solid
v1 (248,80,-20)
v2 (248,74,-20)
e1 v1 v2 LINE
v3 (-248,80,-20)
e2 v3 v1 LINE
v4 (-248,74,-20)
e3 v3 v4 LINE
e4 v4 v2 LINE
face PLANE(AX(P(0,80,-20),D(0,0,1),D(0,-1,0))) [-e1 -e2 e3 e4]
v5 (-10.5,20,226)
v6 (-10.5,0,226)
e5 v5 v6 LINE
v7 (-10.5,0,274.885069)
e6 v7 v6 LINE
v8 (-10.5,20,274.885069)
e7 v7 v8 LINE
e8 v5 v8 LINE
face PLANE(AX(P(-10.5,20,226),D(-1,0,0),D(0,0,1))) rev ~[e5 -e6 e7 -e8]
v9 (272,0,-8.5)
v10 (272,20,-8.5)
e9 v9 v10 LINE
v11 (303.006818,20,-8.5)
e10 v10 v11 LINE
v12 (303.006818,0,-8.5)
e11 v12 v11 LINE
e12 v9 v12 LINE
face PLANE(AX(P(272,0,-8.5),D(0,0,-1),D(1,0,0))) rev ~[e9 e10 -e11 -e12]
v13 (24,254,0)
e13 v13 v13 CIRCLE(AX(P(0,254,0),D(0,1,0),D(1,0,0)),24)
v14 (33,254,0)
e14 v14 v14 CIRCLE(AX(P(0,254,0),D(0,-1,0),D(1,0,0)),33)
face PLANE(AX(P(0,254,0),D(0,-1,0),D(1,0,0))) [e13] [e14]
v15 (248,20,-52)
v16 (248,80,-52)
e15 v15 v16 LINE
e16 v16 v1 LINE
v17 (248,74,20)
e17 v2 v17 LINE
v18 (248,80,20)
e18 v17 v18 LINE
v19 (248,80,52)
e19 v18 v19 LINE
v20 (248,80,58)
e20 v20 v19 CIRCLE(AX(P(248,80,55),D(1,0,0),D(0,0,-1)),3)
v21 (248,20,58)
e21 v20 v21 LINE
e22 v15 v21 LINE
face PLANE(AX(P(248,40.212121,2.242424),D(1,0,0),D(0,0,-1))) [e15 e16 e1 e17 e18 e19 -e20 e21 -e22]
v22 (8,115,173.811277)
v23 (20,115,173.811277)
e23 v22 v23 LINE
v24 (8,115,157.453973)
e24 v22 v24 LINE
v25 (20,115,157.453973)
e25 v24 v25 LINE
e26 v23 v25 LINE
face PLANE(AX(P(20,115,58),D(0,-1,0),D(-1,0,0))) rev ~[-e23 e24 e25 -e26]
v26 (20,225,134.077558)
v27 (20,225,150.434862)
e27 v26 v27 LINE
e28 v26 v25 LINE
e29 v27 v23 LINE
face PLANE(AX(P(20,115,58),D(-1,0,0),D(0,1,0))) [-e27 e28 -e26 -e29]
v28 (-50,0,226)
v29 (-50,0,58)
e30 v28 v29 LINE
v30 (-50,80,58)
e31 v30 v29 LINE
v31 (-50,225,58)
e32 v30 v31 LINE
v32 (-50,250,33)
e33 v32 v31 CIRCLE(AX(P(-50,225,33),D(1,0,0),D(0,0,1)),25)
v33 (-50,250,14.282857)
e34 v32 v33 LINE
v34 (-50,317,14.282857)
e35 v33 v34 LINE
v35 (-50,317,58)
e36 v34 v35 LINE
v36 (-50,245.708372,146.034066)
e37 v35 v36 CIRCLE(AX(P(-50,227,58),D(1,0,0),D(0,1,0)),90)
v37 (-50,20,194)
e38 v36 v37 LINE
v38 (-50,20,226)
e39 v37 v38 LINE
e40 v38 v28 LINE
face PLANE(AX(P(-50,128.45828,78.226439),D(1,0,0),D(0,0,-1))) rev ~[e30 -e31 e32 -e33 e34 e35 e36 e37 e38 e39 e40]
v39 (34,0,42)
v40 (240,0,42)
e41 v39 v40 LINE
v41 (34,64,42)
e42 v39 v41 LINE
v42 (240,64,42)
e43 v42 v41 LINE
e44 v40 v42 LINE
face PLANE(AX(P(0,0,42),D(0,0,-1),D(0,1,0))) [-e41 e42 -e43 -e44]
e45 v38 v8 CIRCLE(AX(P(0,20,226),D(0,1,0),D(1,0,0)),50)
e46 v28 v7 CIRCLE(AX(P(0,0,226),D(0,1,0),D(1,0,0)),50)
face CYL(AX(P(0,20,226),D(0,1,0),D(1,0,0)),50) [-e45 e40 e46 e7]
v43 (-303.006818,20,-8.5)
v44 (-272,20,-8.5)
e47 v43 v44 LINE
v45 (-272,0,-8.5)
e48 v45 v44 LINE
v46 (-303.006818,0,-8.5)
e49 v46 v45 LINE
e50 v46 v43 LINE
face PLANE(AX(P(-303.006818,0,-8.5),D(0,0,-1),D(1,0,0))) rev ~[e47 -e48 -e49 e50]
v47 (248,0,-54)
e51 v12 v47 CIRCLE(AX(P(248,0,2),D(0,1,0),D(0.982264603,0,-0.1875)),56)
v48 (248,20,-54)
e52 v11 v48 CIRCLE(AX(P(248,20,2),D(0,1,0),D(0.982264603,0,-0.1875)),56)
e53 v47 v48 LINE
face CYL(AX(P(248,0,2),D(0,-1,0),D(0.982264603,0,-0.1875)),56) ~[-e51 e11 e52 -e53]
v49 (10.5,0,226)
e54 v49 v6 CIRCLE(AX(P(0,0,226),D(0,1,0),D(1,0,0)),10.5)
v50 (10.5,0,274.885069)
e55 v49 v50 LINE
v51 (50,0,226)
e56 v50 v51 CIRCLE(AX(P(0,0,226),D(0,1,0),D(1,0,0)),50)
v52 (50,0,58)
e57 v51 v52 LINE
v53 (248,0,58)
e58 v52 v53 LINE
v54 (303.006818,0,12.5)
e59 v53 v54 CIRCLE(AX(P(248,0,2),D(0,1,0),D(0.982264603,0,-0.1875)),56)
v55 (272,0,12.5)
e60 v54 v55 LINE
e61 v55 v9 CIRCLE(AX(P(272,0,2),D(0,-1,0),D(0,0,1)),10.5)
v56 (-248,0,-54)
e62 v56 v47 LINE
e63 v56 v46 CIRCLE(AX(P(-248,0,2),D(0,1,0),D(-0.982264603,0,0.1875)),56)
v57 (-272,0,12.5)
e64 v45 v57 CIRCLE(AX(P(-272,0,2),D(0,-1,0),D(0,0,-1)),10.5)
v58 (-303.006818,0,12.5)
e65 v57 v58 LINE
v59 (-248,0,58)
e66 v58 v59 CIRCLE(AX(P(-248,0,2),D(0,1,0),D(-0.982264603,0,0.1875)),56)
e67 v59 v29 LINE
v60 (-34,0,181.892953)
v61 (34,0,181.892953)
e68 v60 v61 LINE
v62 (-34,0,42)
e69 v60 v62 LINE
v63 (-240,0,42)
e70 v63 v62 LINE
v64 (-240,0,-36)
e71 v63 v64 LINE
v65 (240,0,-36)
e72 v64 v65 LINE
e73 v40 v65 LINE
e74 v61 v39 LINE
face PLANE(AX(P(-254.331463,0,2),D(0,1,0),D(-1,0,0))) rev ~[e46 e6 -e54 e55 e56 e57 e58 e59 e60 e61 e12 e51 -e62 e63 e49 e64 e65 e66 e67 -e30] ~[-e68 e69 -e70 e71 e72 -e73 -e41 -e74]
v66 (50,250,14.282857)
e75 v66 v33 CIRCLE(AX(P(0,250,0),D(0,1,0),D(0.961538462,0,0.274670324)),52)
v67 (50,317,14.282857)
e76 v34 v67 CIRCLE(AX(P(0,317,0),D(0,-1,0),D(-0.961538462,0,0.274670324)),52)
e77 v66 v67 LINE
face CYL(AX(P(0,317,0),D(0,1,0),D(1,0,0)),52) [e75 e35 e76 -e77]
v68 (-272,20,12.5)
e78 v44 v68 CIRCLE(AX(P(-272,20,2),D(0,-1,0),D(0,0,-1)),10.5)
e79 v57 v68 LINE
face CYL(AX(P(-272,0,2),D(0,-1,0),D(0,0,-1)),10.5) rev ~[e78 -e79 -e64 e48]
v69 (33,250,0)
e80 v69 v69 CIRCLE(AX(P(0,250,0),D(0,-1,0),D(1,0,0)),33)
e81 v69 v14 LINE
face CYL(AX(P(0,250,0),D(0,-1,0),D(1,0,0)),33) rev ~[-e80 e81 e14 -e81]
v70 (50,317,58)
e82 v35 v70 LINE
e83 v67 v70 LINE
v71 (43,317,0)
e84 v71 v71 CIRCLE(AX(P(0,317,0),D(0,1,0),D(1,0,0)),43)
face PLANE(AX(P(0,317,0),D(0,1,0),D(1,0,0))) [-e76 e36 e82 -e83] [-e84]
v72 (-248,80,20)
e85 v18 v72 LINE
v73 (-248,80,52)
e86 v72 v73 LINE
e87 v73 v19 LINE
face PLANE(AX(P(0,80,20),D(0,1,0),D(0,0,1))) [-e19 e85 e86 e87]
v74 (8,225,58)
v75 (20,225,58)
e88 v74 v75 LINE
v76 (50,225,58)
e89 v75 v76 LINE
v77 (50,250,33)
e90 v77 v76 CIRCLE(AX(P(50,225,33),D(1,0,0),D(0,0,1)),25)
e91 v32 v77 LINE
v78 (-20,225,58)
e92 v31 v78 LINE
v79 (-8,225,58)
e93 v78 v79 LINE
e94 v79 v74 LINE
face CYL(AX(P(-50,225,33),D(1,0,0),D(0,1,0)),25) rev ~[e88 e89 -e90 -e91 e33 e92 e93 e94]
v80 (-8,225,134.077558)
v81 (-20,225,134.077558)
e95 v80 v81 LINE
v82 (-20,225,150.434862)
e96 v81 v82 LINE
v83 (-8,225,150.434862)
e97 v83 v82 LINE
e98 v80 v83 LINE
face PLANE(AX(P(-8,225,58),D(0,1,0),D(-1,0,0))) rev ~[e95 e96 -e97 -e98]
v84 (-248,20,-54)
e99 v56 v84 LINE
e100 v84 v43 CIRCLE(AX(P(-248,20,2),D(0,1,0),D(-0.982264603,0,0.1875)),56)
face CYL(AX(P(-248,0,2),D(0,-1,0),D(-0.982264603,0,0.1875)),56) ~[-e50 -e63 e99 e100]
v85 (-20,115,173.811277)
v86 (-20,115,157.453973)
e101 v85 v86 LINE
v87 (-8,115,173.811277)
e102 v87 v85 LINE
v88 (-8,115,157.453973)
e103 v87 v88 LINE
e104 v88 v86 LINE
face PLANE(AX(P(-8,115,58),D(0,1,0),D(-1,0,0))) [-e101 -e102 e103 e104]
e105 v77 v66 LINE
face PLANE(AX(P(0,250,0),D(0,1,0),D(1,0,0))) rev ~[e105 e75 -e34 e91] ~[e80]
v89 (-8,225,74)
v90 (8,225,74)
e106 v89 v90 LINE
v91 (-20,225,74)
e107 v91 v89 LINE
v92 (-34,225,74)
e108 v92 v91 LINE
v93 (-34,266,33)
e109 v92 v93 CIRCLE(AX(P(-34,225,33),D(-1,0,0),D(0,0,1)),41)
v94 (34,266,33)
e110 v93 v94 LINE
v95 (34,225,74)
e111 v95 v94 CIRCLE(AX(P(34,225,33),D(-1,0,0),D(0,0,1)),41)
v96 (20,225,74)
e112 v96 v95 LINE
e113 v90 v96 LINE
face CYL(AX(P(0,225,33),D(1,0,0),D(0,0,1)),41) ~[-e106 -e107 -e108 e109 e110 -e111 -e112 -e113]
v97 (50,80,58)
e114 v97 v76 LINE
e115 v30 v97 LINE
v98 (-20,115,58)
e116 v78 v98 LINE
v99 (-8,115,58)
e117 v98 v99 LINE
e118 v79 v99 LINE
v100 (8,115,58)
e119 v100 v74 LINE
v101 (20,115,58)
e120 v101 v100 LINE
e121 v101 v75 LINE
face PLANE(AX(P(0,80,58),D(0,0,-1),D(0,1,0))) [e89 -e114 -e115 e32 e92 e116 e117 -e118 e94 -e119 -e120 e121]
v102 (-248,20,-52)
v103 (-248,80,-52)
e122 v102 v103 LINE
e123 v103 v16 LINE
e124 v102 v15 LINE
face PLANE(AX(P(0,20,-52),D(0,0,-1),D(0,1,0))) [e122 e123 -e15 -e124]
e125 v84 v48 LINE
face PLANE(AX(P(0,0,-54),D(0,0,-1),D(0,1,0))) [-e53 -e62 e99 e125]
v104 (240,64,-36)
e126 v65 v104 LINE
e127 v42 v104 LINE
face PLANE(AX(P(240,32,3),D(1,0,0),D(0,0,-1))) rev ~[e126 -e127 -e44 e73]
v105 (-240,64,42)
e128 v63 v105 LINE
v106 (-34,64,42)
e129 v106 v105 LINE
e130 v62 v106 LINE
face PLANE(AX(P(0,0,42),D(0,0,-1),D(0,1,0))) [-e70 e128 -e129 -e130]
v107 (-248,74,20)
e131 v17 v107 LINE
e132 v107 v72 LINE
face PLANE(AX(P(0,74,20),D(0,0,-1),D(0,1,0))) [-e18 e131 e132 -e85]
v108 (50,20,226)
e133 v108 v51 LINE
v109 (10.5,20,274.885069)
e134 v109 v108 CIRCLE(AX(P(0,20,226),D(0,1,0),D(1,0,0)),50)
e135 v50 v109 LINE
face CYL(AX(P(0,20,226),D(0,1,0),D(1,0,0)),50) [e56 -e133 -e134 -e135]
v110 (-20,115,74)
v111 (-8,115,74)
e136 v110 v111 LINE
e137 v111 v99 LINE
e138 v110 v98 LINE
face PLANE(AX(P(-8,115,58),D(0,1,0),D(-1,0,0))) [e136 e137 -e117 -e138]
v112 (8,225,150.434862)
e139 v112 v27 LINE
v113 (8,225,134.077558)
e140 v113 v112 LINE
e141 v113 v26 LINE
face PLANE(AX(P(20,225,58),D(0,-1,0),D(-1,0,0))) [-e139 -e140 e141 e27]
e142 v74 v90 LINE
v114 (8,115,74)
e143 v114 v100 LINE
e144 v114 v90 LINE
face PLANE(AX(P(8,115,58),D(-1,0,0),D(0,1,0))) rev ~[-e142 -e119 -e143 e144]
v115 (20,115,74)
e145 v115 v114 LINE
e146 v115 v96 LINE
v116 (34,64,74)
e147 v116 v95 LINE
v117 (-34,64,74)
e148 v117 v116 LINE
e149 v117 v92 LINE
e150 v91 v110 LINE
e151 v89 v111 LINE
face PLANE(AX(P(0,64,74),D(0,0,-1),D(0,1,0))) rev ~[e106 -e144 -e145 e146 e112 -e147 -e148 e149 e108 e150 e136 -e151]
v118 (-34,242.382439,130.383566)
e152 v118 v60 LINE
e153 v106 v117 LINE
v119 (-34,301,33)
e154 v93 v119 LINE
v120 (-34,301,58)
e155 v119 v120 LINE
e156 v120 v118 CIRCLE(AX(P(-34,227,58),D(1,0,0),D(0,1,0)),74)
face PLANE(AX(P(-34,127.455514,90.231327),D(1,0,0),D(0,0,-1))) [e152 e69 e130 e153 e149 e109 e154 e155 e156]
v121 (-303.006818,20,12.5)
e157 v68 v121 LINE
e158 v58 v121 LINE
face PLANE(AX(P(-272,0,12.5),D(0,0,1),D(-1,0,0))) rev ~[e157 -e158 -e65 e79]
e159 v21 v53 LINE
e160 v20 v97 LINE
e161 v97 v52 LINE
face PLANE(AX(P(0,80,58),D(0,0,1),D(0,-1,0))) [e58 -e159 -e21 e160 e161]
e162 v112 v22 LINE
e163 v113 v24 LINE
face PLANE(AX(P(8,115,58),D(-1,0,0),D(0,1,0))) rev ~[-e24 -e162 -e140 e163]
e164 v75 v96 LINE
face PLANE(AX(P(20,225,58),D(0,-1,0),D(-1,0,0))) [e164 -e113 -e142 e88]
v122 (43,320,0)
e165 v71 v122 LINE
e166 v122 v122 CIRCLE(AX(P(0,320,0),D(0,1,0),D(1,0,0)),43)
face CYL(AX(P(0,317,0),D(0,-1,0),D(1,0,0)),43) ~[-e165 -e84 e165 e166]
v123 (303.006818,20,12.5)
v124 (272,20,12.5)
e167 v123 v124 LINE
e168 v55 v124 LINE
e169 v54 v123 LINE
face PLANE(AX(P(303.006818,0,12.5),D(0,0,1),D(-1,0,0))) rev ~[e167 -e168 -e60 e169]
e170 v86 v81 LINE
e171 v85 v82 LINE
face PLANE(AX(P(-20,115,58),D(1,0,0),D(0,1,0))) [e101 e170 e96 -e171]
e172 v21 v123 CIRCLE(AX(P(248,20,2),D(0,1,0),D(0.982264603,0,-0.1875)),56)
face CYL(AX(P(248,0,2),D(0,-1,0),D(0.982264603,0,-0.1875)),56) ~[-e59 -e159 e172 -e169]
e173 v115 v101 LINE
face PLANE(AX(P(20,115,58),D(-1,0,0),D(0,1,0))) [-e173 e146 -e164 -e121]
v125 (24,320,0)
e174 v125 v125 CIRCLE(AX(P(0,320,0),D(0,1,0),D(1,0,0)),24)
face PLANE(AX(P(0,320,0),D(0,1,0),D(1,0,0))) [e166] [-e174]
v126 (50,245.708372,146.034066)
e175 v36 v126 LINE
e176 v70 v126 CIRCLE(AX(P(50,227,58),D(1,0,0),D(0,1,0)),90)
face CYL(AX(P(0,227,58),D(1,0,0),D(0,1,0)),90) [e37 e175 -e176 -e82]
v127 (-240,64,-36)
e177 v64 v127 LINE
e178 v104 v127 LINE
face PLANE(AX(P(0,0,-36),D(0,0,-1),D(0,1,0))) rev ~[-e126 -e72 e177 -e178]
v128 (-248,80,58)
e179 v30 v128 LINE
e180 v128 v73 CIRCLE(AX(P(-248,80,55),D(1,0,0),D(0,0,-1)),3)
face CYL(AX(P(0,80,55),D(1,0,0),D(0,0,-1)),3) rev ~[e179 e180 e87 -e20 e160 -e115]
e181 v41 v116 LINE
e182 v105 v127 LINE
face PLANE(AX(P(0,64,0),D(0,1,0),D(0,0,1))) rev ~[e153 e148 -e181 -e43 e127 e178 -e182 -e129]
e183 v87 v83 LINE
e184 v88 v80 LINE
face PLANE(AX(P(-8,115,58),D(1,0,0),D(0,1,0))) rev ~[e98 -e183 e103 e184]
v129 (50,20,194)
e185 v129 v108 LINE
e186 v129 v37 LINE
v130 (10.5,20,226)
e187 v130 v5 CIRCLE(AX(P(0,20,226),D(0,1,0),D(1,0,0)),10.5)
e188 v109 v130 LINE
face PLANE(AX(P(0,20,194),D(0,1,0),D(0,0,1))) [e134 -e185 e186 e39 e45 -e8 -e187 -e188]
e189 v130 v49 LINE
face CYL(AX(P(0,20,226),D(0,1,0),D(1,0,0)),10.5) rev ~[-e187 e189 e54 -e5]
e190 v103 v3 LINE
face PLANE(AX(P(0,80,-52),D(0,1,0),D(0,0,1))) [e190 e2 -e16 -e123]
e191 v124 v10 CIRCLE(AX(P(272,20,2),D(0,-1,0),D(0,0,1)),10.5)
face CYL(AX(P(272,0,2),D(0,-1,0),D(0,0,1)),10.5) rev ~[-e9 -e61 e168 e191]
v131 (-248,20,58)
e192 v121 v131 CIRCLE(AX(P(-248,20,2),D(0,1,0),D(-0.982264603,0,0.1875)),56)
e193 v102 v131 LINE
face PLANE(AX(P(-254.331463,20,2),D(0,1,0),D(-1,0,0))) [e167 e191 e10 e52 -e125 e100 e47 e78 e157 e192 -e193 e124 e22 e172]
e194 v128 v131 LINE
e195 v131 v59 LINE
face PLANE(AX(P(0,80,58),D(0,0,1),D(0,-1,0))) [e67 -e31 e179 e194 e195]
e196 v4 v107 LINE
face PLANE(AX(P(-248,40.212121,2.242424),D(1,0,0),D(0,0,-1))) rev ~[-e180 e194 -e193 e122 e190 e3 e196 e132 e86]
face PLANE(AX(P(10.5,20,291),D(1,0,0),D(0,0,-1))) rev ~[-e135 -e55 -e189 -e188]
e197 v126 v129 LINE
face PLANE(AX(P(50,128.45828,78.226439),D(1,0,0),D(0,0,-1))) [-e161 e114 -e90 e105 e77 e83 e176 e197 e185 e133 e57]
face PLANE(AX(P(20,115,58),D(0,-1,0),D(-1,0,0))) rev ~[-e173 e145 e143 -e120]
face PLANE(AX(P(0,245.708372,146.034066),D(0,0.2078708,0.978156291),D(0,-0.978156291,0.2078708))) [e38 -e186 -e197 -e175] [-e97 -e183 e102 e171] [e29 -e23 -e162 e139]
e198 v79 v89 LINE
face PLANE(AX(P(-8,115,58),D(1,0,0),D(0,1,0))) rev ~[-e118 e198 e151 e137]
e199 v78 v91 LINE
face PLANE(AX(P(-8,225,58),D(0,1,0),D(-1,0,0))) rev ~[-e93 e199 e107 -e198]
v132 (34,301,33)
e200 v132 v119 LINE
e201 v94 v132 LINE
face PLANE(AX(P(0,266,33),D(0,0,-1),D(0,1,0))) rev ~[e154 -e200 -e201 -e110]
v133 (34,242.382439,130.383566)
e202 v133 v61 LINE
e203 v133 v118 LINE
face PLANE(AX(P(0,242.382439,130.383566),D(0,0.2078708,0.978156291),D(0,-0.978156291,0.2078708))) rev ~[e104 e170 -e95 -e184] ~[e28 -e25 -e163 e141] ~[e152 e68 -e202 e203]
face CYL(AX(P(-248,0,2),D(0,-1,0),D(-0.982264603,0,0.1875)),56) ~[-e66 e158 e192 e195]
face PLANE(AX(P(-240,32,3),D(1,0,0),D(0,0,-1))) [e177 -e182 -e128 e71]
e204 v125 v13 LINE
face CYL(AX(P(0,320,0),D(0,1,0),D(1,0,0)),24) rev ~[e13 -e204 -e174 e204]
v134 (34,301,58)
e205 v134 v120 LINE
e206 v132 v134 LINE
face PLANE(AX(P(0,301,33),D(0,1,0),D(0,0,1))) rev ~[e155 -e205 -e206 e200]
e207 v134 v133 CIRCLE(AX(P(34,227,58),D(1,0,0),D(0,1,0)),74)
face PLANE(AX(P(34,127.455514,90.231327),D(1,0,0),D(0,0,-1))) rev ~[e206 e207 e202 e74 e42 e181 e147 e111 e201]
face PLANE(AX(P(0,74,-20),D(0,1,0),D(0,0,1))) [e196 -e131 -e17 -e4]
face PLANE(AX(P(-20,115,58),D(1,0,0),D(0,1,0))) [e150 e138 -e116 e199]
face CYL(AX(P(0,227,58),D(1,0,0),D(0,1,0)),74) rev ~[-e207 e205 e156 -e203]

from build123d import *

# Parameters (mm, degrees)
BOSS_EXTRUDE1_DEPTH = 50
SKETCH2_R           = 52
BOSS_EXTRUDE2_DEPTH = 67
SKETCH3_R           = 43
BOSS_EXTRUDE3_DEPTH = 3
CUT_EXTRUDE1_REACH  = 322
SKETCH4_R           = 24
SKETCH5_R           = 33
CUT_EXTRUDE2_DEPTH  = 4
BOSS_EXTRUDE4_DEPTH = 248
SKETCH7_R           = 3
CUT_EXTRUDE3_DEPTH  = 248
BOSS_EXTRUDE5_DEPTH = 20
SKETCH9_R           = 50
BOSS_EXTRUDE6_DEPTH = 20
CUT_EXTRUDE4_REACH  = 22
FILLET1_R           = 25
CUT_EXTRUDE5_DEPTH  = 34
SKETCH12_W          = 78
SKETCH12_H          = 64
CUT_EXTRUDE6_DEPTH  = 240
SKETCH13_W          = 12
SKETCH13_H          = 110
CUT_EXTRUDE7_DEPTH  = 240


with BuildPart() as part:
    # Sketch1 → Boss-Extrude1 (new body, symmetric)
    with BuildSketch(Plane(origin=(0, 0, 0), x_dir=(0, 0, -1), z_dir=(1, 0, 0))):
        with BuildLine():
            Line((-226, 0), (54, 0))
            Line((54, 0), (54, 20))
            Line((54, 20), (52, 20))
            Line((52, 20), (52, 80))
            Line((52, 80), (20, 80))
            Line((20, 80), (20, 74))
            Line((20, 74), (-20, 74))
            Line((-20, 74), (-20, 80))
            Line((-20, 80), (-58, 80))
            Line((-58, 80), (-58, 250))
            Line((-58, 250), (0, 250))
            Line((0, 250), (0, 317))
            Line((0, 317), (-58, 317))
            ThreePointArc((-58, 317), (-114.640297133, 296.941952651), (-146.034066228, 245.708372014))
            Line((-146.034066228, 245.708372014), (-194, 20))
            Line((-194, 20), (-226, 20))
            Line((-226, 20), (-226, 0))
        make_face()
    extrude(amount=BOSS_EXTRUDE1_DEPTH, both=True)

    # Sketch2 → Boss-Extrude2 (add)
    with BuildSketch(Plane(origin=(0, 317, 0), x_dir=(1, 0, 0), z_dir=(0, 1, 0))):
        Circle(SKETCH2_R)
    extrude(amount=-BOSS_EXTRUDE2_DEPTH)

    # Sketch3 → Boss-Extrude3 (add)
    with BuildSketch(Plane(origin=(0, 317, 0), x_dir=(1, 0, 0), z_dir=(0, 1, 0))):
        Circle(SKETCH3_R)
    extrude(amount=BOSS_EXTRUDE3_DEPTH)

    # Sketch4 → Cut-Extrude1 (cut, up to next)
    with BuildSketch(Plane(origin=(0, 320, 0), x_dir=(1, 0, 0), z_dir=(0, 1, 0)), mode=Mode.PRIVATE) as cut_extrude1_sk1:
        Circle(SKETCH4_R)
    cut_extrude1_tool1 = extrude(cut_extrude1_sk1.sketch, amount=-CUT_EXTRUDE1_REACH, mode=Mode.PRIVATE) & part.part
    add(cut_extrude1_tool1.solids().sort_by_distance((0, 320, 0))[0], mode=Mode.SUBTRACT)

    # Sketch5 → Cut-Extrude2 (cut)
    with BuildSketch(Plane.XZ.offset(-250)):
        Circle(SKETCH5_R)
    extrude(amount=-CUT_EXTRUDE2_DEPTH, mode=Mode.SUBTRACT)

    # Sketch6 → Boss-Extrude4 (add, symmetric)
    with BuildSketch(Plane(origin=(0, 0, 0), x_dir=(0, 0, -1), z_dir=(1, 0, 0))):
        Polygon((-58, 80), (-58, 0), (54, 0), (54, 20), (52, 20), (52, 80), (20, 80), (20, 74), (-20, 74), (-20, 80), align=None)
    extrude(amount=BOSS_EXTRUDE4_DEPTH, both=True)

    # Sketch7 → Cut-Extrude3 (cut, symmetric)
    with BuildSketch(Plane(origin=(0, 0, 0), x_dir=(0, 0, -1), z_dir=(1, 0, 0))):
        with Locations((-55, 80)):
            Circle(SKETCH7_R)
    extrude(amount=CUT_EXTRUDE3_DEPTH, both=True, mode=Mode.SUBTRACT)

    # Sketch8 → Boss-Extrude5 (add)
    with BuildSketch(Plane.XZ):
        with BuildLine():
            Line((-272, 12.5), (-303.006817759, 12.5))
            ThreePointArc((-303.006817759, 12.5), (-192, 2), (-303.006817759, -8.5))
            Line((-303.006817759, -8.5), (-272, -8.5))
            ThreePointArc((-272, -8.5), (-261.5, 2), (-272, 12.5))
        make_face()
        with BuildLine():
            Line((272, -8.5), (303.006817759, -8.5))
            ThreePointArc((303.006817759, -8.5), (192, 2), (303.006817759, 12.5))
            Line((303.006817759, 12.5), (272, 12.5))
            ThreePointArc((272, 12.5), (261.5, 2), (272, -8.5))
        make_face()
    extrude(amount=-BOSS_EXTRUDE5_DEPTH)

    # Sketch9 → Boss-Extrude6 (add)
    with BuildSketch(Plane(origin=(0, 20, 0), x_dir=(1, 0, 0), z_dir=(0, 1, 0))):
        with Locations((0, -226)):
            Circle(SKETCH9_R)
    extrude(amount=-BOSS_EXTRUDE6_DEPTH)

    # Sketch10 → Cut-Extrude4 (cut, up to next)
    with BuildSketch(Plane(origin=(0, 20, 0), x_dir=(1, 0, 0), z_dir=(0, 1, 0)), mode=Mode.PRIVATE) as cut_extrude4_sk1:
        with BuildLine():
            ThreePointArc((10.5, -226), (0, -215.5), (-10.5, -226))
            Line((-10.5, -226), (-10.5, -291))
            ThreePointArc((-10.5, -291), (0, -301.5), (10.5, -291))
            Line((10.5, -291), (10.5, -226))
        make_face()
    cut_extrude4_tool1 = extrude(cut_extrude4_sk1.sketch, amount=-CUT_EXTRUDE4_REACH, mode=Mode.PRIVATE) & part.part
    add(cut_extrude4_tool1.solids().sort_by_distance((0, 20, 258.5))[0], mode=Mode.SUBTRACT)

    # Fillet1
    fillet1_edges = [part.edges().sort_by_distance(p)[0] for p in [
        (0, 250, 58),
    ]]
    fillet(fillet1_edges, radius=FILLET1_R)

    # Sketch11 → Cut-Extrude5 (cut, symmetric)
    with BuildSketch(Plane(origin=(0, 0, 0), x_dir=(0, 0, -1), z_dir=(1, 0, 0))):
        with BuildLine():
            Line((-130.383565565, 242.382439212), (-181.892953201, 0))
            Line((-181.892953201, 0), (0, 0))
            Line((0, 0), (0, 64))
            Line((0, 64), (-74, 64))
            Line((-74, 64), (-74, 225))
            ThreePointArc((-74, 225), (-61.991378029, 253.991378029), (-33, 266))
            Line((-33, 266), (-33, 301))
            Line((-33, 301), (-58, 301))
            ThreePointArc((-58, 301), (-104.570910976, 284.507827735), (-130.383565565, 242.382439212))
        make_face()
    extrude(amount=CUT_EXTRUDE5_DEPTH, both=True, mode=Mode.SUBTRACT)

    # Sketch12 → Cut-Extrude6 (cut, symmetric)
    with BuildSketch(Plane(origin=(0, 0, 0), x_dir=(0, 0, -1), z_dir=(1, 0, 0))):
        with Locations((-3, 32)):
            Rectangle(SKETCH12_W, SKETCH12_H)
    extrude(amount=CUT_EXTRUDE6_DEPTH, both=True, mode=Mode.SUBTRACT)

    # Sketch13 → Cut-Extrude7 (cut, symmetric)
    with BuildSketch(Plane(origin=(0, 0, 58), x_dir=(-1, 0, 0), z_dir=(0, 0, -1))):
        with Locations((14, 170)):
            Rectangle(SKETCH13_W, SKETCH13_H)
        with Locations((-14, 170)):
            Rectangle(SKETCH13_W, SKETCH13_H)
    extrude(amount=CUT_EXTRUDE7_DEPTH, both=True, mode=Mode.SUBTRACT)


solid = part.part
